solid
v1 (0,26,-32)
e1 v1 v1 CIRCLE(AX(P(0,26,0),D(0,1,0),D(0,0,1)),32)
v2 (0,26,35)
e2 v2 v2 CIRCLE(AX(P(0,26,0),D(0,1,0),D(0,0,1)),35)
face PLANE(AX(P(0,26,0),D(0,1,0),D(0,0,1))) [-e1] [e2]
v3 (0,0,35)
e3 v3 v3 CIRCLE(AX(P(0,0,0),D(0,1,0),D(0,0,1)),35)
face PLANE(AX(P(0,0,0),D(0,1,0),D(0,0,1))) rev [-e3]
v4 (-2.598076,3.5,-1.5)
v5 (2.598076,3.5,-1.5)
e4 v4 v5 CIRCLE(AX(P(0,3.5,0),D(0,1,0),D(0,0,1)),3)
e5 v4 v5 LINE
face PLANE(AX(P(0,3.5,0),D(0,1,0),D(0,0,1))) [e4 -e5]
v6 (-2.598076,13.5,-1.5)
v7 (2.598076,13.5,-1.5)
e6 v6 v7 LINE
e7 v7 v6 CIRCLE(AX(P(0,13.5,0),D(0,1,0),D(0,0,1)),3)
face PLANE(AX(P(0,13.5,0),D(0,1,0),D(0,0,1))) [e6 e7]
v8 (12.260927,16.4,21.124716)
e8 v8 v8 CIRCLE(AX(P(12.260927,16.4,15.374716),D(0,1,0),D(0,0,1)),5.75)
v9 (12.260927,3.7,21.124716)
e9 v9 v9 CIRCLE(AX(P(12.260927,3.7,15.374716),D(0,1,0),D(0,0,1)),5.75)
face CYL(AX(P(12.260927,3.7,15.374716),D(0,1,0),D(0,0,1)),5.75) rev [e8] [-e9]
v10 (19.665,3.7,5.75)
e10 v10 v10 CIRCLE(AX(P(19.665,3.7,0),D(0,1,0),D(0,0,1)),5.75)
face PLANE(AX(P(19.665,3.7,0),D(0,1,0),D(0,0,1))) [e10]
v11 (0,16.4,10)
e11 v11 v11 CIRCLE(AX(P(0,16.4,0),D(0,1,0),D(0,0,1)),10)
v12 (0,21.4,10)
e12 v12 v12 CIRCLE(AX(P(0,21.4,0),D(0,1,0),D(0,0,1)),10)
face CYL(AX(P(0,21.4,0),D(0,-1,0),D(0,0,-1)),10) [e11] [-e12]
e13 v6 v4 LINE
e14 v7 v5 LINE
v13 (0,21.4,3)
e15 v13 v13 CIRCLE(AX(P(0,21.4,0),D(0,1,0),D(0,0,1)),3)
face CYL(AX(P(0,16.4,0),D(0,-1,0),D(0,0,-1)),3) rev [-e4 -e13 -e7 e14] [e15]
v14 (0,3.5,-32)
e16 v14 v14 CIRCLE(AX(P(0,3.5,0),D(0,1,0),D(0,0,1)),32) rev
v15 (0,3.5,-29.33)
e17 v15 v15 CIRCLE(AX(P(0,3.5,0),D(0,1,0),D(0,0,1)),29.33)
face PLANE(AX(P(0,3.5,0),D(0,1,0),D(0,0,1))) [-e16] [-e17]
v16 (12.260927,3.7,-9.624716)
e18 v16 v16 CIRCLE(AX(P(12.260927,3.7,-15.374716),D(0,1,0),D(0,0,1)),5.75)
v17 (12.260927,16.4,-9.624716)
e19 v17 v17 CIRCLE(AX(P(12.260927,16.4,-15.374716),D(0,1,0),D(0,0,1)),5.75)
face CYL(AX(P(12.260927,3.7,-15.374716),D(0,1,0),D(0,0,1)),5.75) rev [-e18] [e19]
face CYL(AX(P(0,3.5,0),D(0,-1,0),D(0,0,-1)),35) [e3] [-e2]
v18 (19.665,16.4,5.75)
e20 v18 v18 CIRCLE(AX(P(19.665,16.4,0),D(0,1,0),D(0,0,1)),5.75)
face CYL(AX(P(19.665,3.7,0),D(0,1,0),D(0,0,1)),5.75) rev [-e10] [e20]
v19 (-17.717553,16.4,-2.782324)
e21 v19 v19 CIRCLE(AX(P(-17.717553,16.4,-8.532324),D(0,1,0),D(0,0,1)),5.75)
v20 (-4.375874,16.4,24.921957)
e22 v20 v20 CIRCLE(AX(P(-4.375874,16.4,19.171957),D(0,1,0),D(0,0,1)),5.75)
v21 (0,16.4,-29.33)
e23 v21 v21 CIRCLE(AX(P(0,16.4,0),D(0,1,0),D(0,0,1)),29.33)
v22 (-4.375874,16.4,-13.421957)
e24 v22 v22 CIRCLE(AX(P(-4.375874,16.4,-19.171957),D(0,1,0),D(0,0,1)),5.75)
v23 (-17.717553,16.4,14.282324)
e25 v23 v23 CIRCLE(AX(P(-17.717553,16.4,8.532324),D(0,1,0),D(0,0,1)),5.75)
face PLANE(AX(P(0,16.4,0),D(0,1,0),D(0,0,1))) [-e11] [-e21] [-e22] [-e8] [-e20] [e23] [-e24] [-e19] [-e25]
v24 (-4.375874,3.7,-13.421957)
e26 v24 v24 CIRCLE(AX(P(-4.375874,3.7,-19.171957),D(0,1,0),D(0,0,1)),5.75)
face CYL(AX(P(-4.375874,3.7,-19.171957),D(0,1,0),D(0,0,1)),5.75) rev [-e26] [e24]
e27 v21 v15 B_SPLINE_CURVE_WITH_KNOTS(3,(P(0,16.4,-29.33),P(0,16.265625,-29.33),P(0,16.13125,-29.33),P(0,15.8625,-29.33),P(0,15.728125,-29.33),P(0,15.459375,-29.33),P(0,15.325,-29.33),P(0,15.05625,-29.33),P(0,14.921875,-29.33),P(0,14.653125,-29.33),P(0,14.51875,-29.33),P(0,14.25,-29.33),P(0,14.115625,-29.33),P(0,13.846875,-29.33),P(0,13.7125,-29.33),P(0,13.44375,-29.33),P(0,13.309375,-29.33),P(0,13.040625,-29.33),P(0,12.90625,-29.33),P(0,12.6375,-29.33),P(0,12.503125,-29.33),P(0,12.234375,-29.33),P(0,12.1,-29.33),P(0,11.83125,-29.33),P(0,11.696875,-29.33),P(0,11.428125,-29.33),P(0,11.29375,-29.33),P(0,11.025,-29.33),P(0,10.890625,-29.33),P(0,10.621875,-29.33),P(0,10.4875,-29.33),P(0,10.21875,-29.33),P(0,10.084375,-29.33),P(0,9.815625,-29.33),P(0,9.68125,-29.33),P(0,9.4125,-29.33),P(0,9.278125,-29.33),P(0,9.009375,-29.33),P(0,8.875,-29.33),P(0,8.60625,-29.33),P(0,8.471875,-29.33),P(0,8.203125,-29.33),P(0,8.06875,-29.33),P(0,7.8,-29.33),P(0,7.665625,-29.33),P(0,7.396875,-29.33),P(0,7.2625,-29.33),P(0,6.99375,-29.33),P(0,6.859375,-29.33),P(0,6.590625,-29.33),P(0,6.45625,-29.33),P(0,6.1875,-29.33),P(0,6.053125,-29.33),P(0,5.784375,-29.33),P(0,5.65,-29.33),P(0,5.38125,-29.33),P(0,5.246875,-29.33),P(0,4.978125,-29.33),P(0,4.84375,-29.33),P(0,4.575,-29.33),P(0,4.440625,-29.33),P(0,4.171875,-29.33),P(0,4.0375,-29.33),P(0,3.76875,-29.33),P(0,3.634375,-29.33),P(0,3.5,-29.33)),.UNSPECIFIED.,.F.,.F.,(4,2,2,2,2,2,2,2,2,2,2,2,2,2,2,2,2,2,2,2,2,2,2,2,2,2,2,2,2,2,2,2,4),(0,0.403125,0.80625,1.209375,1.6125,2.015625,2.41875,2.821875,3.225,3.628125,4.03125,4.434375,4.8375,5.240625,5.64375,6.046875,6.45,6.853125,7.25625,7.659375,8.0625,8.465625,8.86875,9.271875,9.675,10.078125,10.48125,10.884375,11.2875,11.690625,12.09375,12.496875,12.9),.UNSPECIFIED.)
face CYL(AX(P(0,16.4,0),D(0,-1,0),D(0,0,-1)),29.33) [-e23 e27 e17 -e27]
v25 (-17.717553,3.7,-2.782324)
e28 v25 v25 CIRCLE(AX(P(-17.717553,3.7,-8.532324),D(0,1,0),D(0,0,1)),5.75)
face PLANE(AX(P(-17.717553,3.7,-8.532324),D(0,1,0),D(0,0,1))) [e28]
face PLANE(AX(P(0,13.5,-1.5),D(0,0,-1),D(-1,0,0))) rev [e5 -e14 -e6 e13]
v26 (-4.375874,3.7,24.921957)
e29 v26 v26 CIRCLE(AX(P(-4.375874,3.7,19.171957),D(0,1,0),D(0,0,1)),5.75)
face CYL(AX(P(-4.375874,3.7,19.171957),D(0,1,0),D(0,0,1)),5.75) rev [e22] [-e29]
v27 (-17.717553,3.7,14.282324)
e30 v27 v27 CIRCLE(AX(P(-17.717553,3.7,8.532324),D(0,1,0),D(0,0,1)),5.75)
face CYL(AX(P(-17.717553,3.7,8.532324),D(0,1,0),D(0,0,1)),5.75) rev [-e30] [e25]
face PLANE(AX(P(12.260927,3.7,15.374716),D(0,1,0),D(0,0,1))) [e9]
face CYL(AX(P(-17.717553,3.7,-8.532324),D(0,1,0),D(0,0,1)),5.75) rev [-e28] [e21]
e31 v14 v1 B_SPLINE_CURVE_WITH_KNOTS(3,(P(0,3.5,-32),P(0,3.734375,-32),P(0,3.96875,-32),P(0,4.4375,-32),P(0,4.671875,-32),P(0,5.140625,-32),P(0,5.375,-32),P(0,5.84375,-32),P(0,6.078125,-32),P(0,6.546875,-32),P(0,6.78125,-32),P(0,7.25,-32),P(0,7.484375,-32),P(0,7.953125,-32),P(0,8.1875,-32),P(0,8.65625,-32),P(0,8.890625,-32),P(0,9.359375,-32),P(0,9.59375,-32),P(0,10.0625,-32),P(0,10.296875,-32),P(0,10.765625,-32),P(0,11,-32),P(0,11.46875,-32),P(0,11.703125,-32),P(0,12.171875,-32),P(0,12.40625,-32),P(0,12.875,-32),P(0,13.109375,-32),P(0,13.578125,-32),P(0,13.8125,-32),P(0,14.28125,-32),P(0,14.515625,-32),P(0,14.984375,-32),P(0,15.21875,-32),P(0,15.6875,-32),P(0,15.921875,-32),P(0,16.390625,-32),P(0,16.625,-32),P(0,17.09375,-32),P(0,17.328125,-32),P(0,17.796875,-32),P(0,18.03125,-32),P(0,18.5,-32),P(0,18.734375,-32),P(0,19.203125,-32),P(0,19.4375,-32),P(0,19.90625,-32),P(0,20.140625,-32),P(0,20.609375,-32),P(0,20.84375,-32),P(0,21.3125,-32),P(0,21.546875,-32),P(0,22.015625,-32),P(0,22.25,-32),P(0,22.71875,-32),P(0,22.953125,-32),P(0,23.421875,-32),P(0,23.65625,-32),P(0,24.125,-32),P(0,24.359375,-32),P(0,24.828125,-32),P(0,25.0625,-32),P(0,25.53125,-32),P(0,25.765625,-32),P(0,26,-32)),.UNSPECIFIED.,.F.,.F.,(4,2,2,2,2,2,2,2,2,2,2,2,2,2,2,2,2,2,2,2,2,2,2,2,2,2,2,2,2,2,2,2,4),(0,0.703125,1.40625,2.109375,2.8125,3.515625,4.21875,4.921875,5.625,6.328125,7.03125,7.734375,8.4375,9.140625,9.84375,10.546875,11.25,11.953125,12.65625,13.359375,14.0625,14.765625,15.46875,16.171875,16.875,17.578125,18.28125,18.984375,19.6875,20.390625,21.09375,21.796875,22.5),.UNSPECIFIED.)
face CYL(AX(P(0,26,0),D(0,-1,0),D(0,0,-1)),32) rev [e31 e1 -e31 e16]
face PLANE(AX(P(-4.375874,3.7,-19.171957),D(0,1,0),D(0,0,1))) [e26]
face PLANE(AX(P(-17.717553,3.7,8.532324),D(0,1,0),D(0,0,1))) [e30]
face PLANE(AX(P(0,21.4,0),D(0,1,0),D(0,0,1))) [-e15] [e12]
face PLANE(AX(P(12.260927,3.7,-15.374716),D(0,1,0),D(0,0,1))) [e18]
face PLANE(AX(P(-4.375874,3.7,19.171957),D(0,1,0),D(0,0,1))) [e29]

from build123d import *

# Parameters (mm, degrees)
VOLUME_KNOB_R                      = 35
KNOB_TOP_DEPTH                     = 3.5
VOLUME_KNOB_3_R                    = 35
VOLUME_KNOB_3_R_2                  = 32
KNOB_WALLS_DEPTH                   = 26
KNOB_START                         = 3.5
KNOB_SHAFT_KEYWAY_DEPTH            = 10
VOLUME_KNOB_8_R                    = 29.33
VOLUME_KNOB_8_R_2                  = 3
KNOB_DAMEPNING_EXTENSION_TOP_DEPTH = 12.9
KNOB_START_2                       = 16.4
VOLUME_KNOB_11_R                   = 10
VOLUME_KNOB_11_R_2                 = 3
KNOB_SHAFT_SUPPORT_DEPTH           = 5
SKETCH1_R                          = 5.75
WEIGHT_SLUG_HOLES_DEPTH            = 12.7


with BuildPart() as part:
    # Volume Knob → Knob Top (new body)
    with BuildSketch(Plane(origin=(0, 0, 0), x_dir=(1, 0, 0), z_dir=(0, 1, 0))):
        with Locations(Location((0, 0, 0), (0, 0, 270))):
            Circle(VOLUME_KNOB_R)
    extrude(amount=KNOB_TOP_DEPTH)

    # Volume Knob<3> → Knob Walls (add)
    with BuildSketch(Plane(origin=(0, 0, 0), x_dir=(1, 0, 0), z_dir=(0, 1, 0))):
        with Locations(Location((0, 0, 0), (0, 0, 270))):
            Circle(VOLUME_KNOB_3_R)
        with Locations(Location((0, 0, 0), (0, 0, 90))):
            Circle(VOLUME_KNOB_3_R_2, mode=Mode.SUBTRACT)
    extrude(amount=KNOB_WALLS_DEPTH)

    # Volume Knob<4> → Knob Shaft Keyway (add)
    with BuildSketch(Plane(origin=(0, 0, 0), x_dir=(1, 0, 0), z_dir=(0, 1, 0)).offset(KNOB_START)):
        with BuildLine():
            Line((-2.598076211, 1.5), (2.598076211, 1.5))
            ThreePointArc((2.598076211, 1.5), (0, 3), (-2.598076211, 1.5))
        make_face()
    extrude(amount=KNOB_SHAFT_KEYWAY_DEPTH)

    # Volume Knob<8> → Knob Damepning Extension (top) (add)
    with BuildSketch(Plane(origin=(0, 0, 0), x_dir=(1, 0, 0), z_dir=(0, 1, 0)).offset(KNOB_START)):
        with Locations(Location((0, 0, 0), (0, 0, 90))):
            Circle(VOLUME_KNOB_8_R)
        with Locations(Location((0, 0, 0), (0, 0, 150))):
            Circle(VOLUME_KNOB_8_R_2, mode=Mode.SUBTRACT)
    extrude(amount=KNOB_DAMEPNING_EXTENSION_TOP_DEPTH)

    # Volume Knob<11> → Knob Shaft Support (add)
    with BuildSketch(Plane(origin=(0, 0, 0), x_dir=(1, 0, 0), z_dir=(0, 1, 0)).offset(KNOB_START_2)):
        with Locations(Location((0, 0, 0), (0, 0, 270))):
            Circle(VOLUME_KNOB_11_R)
        with Locations(Location((0, 0, 0), (0, 0, 150))):
            Circle(VOLUME_KNOB_11_R_2, mode=Mode.SUBTRACT)
    extrude(amount=KNOB_SHAFT_SUPPORT_DEPTH)

    # Sketch1 → Weight Slug Holes (cut)
    with BuildSketch(Plane(origin=(0, 16.4, 0), x_dir=(1, 0, 0), z_dir=(0, 1, 0))):
        with Locations(Location((19.665, 0, 0), (0, 0, 270))):
            Circle(SKETCH1_R)
        with Locations(Location((12.260926954, -15.374716103, 0), (0, 0, 270))):
            Circle(SKETCH1_R)
        with Locations(Location((-4.375874166, -19.171957393, 0), (0, 0, 270))):
            Circle(SKETCH1_R)
        with Locations(Location((-17.717552787, -8.53232373, 0), (0, 0, 270))):
            Circle(SKETCH1_R)
        with Locations(Location((-17.717552787, 8.53232373, 0), (0, 0, 270))):
            Circle(SKETCH1_R)
        with Locations(Location((-4.375874166, 19.171957393, 0), (0, 0, 270))):
            Circle(SKETCH1_R)
        with Locations(Location((12.260926954, 15.374716103, 0), (0, 0, 270))):
            Circle(SKETCH1_R)
    extrude(amount=-WEIGHT_SLUG_HOLES_DEPTH, mode=Mode.SUBTRACT)


solid = part.part
